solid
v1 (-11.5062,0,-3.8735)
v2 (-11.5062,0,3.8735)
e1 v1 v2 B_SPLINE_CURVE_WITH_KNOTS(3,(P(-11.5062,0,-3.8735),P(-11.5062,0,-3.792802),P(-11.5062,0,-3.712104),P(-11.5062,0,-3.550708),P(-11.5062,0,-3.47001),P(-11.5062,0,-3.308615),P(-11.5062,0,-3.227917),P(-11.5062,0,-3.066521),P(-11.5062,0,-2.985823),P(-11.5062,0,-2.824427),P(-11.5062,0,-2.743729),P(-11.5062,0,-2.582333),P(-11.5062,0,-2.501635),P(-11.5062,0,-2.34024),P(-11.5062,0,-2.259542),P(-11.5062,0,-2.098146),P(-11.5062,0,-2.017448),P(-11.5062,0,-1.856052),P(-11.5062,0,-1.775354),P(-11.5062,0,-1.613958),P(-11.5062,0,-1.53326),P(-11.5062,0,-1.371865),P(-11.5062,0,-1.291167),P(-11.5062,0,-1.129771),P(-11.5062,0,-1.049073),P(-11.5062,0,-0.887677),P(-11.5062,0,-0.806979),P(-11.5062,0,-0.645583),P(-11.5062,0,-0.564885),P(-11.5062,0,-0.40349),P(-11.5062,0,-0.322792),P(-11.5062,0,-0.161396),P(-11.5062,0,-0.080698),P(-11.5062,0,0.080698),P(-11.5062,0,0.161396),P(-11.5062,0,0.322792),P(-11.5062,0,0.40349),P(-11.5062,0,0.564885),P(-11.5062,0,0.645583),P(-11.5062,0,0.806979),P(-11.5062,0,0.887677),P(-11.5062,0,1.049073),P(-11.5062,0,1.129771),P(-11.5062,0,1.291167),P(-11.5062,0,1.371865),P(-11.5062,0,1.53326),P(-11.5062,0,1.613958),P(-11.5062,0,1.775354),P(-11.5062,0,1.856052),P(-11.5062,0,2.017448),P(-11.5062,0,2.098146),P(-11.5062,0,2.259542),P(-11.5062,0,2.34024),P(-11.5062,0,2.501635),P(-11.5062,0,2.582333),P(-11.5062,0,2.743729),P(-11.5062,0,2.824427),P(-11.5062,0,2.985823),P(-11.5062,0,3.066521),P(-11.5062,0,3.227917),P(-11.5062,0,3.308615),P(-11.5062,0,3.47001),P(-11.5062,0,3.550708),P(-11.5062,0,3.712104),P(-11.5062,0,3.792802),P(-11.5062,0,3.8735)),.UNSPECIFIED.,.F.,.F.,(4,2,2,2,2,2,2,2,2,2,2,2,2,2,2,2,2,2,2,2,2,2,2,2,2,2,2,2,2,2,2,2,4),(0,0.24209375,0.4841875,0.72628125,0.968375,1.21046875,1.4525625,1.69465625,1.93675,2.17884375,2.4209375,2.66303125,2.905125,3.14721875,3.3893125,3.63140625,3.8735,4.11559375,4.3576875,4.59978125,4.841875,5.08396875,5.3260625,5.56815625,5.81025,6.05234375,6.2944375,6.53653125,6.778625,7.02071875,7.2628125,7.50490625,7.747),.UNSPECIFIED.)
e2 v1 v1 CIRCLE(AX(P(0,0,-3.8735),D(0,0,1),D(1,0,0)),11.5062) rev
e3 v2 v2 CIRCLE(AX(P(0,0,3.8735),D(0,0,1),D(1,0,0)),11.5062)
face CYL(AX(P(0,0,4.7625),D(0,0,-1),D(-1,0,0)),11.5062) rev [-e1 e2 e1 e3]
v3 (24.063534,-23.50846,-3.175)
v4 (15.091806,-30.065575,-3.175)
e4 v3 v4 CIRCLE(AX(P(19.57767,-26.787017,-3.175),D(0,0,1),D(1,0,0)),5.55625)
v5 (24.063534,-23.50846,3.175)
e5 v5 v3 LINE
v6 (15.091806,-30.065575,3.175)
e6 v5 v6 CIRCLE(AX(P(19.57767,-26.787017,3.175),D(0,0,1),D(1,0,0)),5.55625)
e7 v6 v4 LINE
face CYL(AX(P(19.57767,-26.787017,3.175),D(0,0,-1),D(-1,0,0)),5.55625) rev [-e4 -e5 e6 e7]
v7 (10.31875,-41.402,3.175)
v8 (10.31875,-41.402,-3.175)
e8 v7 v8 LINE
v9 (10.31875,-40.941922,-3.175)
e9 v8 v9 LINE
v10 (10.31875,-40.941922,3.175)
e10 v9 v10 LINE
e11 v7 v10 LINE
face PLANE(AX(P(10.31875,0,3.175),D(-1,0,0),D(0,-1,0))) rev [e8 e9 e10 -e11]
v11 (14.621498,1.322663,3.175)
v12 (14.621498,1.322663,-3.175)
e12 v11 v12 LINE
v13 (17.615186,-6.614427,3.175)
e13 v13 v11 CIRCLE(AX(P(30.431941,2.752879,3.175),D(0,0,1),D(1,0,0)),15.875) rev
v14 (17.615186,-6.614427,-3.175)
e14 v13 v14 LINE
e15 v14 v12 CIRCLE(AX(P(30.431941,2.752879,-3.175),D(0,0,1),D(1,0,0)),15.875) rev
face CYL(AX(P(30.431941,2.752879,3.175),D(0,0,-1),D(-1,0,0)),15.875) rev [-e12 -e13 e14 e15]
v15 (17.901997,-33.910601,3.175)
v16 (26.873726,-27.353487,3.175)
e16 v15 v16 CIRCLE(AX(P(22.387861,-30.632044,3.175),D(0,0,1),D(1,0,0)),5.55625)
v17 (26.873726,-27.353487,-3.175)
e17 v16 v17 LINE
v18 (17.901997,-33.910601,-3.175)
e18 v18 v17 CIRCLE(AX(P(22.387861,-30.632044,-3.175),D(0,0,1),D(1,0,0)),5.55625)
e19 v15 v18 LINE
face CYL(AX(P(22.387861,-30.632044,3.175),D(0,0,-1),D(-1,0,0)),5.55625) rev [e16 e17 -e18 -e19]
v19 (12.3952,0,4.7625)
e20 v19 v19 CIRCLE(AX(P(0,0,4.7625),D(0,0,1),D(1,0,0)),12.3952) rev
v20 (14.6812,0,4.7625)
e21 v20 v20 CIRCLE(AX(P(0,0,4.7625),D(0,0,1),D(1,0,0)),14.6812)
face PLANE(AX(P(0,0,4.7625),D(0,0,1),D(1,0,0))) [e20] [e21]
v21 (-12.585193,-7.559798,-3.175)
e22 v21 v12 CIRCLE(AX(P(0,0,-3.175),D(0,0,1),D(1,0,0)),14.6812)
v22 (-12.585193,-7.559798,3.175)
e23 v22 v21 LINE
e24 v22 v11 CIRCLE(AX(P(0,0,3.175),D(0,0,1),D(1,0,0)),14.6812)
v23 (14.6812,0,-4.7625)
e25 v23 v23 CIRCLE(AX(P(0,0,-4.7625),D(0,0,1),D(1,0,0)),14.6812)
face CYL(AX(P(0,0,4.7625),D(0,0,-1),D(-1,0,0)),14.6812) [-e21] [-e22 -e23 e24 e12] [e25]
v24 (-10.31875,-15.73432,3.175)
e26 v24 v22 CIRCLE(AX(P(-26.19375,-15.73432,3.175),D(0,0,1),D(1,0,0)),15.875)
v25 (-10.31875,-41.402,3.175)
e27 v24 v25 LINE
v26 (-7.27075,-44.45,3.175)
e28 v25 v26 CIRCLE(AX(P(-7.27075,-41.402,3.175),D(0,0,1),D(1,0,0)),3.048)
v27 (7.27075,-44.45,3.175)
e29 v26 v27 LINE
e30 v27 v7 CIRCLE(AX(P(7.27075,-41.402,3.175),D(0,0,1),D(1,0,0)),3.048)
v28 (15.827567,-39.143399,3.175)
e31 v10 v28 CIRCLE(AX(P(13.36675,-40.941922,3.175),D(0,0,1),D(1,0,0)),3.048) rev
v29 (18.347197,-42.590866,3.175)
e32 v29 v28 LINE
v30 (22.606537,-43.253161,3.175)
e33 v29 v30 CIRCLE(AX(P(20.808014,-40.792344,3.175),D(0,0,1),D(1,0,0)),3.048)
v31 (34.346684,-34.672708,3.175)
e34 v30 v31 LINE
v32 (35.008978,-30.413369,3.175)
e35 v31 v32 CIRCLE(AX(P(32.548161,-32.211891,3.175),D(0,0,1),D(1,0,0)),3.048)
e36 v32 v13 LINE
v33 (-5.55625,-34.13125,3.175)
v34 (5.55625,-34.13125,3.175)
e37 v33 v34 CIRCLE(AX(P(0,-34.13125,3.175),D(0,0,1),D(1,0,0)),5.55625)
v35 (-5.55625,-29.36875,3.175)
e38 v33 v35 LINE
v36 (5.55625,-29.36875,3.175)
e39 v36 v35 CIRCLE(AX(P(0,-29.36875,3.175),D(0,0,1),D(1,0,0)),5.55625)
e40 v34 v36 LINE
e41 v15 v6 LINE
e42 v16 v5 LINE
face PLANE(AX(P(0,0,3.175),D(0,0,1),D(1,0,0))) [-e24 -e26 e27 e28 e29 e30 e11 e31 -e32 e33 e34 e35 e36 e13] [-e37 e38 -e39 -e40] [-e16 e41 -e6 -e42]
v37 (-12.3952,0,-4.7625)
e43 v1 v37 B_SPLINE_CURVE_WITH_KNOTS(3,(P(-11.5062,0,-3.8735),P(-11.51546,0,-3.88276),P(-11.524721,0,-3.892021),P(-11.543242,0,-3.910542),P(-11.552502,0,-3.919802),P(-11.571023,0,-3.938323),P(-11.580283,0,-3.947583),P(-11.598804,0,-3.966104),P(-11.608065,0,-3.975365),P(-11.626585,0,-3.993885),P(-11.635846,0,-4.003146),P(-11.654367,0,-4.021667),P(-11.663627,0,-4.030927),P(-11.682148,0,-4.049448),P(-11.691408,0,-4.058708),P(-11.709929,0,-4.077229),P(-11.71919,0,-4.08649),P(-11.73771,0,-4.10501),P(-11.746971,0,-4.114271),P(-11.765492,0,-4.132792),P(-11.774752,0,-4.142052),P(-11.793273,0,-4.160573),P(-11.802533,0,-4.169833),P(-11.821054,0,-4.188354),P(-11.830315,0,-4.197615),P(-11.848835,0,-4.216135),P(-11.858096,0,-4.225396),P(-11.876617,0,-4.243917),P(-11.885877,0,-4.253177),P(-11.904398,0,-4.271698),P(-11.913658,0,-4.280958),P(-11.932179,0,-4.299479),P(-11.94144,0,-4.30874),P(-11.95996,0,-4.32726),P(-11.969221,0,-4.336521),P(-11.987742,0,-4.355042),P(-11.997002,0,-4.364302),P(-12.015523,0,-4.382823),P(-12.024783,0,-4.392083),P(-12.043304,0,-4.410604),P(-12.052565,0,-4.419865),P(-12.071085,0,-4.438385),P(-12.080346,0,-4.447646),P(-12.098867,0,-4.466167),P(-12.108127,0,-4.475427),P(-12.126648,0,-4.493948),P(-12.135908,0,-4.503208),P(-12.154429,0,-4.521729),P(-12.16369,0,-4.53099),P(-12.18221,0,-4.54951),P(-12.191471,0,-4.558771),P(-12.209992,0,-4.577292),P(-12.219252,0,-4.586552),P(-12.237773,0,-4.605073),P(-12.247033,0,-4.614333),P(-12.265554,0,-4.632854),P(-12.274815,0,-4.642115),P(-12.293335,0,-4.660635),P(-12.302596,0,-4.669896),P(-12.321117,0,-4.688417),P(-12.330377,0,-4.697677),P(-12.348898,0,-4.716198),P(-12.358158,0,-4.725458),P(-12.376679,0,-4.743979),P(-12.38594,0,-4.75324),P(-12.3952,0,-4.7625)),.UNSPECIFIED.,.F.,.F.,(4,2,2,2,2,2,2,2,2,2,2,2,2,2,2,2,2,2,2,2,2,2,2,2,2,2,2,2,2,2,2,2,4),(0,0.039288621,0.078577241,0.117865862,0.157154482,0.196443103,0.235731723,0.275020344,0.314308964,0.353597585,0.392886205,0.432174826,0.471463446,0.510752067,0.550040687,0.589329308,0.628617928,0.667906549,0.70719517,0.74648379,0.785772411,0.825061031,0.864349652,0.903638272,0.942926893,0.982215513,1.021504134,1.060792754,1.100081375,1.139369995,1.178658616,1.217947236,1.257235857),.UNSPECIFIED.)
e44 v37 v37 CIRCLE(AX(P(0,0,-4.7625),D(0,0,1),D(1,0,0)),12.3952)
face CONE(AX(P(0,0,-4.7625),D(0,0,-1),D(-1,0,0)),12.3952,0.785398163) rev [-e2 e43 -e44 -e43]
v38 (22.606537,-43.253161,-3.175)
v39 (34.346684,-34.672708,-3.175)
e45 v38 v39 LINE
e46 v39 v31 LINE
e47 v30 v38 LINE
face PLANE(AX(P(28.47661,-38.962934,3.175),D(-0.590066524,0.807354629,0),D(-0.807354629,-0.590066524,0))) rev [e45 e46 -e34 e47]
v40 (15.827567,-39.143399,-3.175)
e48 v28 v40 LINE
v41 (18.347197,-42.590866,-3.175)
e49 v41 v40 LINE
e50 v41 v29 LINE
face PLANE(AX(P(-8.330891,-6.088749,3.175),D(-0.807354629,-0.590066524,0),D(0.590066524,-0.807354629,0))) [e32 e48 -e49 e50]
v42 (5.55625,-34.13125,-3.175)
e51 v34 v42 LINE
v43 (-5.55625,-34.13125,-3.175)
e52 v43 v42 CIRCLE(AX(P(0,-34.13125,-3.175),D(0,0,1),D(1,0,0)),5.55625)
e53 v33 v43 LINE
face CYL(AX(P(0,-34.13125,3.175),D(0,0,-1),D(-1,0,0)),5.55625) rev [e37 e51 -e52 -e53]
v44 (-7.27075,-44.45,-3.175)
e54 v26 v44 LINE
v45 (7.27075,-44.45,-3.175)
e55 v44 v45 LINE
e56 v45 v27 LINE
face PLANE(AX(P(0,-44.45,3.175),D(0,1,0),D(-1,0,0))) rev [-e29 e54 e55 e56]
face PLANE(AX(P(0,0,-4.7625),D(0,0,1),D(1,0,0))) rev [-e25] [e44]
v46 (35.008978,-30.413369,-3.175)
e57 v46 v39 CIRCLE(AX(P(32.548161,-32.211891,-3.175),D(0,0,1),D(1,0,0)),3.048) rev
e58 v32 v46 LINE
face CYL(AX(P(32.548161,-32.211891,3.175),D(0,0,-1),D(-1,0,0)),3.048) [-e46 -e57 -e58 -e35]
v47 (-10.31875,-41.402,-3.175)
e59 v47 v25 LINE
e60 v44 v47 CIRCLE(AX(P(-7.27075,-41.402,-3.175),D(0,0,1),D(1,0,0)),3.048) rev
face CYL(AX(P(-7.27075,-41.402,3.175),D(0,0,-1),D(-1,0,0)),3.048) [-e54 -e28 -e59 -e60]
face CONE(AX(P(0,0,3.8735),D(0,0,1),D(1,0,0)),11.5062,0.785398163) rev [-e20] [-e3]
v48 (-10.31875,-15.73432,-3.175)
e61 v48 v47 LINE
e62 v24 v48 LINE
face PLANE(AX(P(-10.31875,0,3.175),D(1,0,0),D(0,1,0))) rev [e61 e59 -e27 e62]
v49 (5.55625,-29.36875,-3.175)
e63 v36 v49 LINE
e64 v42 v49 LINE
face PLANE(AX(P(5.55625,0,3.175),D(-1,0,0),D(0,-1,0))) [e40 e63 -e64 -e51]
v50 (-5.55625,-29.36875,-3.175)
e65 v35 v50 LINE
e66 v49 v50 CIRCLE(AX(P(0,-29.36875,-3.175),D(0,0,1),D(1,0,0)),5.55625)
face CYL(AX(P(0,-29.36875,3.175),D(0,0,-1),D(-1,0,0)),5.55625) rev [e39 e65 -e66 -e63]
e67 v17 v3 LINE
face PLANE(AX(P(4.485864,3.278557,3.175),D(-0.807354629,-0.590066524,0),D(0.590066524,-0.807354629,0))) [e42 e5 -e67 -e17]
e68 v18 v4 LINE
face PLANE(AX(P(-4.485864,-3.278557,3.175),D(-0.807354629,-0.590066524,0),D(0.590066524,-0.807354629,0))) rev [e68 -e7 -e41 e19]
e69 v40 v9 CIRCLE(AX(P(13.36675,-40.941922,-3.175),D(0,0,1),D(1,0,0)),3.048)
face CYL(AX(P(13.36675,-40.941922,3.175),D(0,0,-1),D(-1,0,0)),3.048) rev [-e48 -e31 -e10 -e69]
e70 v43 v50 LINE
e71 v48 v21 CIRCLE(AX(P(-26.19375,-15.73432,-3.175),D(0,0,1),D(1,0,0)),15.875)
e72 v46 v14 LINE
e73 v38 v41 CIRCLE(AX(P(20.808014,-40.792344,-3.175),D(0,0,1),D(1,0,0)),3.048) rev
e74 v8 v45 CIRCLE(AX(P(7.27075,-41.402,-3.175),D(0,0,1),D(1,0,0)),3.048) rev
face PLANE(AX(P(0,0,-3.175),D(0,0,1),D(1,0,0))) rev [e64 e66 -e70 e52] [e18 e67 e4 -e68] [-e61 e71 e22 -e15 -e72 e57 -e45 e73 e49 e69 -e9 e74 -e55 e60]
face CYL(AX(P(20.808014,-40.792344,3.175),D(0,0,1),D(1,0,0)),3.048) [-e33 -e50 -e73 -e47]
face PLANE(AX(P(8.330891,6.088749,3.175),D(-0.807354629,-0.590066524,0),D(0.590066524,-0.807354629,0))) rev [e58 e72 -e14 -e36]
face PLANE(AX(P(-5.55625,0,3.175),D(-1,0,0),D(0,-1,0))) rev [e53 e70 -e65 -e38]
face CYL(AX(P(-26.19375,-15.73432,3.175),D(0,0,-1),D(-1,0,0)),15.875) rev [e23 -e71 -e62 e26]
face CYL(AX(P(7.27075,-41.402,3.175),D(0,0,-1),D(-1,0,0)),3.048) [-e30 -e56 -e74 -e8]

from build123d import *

# Parameters (mm, degrees)
SKETCH1_R           = 11.5062
BOSS_EXTRUDE2_DEPTH = 4.7625
BOSS_EXTRUDE3_DEPTH = 3.175
FILLET1_R           = 3.048
CHAMFER1_SIZE       = 0.889


with BuildPart() as part:
    # Sketch1 → Boss-Extrude2 (new, symmetric)
    with BuildSketch(Plane.XY):
        with BuildLine():
            ThreePointArc((14.621497696, 1.322663433), (-4.556441994, 13.956234084), (-12.585193267, -7.559797873))
            ThreePointArc((-12.585193267, -7.559797873), (4.556441994, -13.956234084), (14.621497696, 1.322663433))
        make_face()
        Circle(SKETCH1_R, mode=Mode.SUBTRACT)
    extrude(amount=BOSS_EXTRUDE2_DEPTH, both=True)

    # Sketch1<4> → Boss-Extrude3 (add, symmetric)
    with BuildSketch(Plane.XY):
        with BuildLine():
            ThreePointArc((-12.585193267, -7.559797873), (-10.89585042, -11.492870345), (-10.31875, -15.734319794))
            Line((-10.31875, -15.734319794), (-10.31875, -44.45))
            Line((-10.31875, -44.45), (10.31875, -44.45))
            Line((10.31875, -44.45), (10.31875, -31.605996662))
            Line((10.31875, -31.605996662), (20.145719857, -45.051683354))
            Line((20.145719857, -45.051683354), (36.80750102, -32.874185469))
            Line((36.80750102, -32.874185469), (17.615185966, -6.614426983))
            ThreePointArc((17.615185966, -6.614426983), (15.578373329, -2.849545496), (14.621497696, 1.322663433))
            ThreePointArc((14.621497696, 1.322663433), (4.556441994, -13.956234084), (-12.585193267, -7.559797873))
        make_face()
        with BuildLine():
            ThreePointArc((5.55625, -34.13125), (0, -39.6875), (-5.55625, -34.13125))
            Line((-5.55625, -34.13125), (-5.55625, -29.36875))
            ThreePointArc((-5.55625, -29.36875), (0, -23.8125), (5.55625, -29.36875))
            Line((5.55625, -29.36875), (5.55625, -34.13125))
        make_face(mode=Mode.SUBTRACT)
        with BuildLine():
            ThreePointArc((26.873725655, -27.353486707), (25.666418619, -35.117907989), (17.901997337, -33.910600953))
            Line((17.901997337, -33.910600953), (15.091805517, -30.065574531))
            ThreePointArc((15.091805517, -30.065574531), (16.299112553, -22.301153249), (24.063533835, -23.508460285))
            Line((24.063533835, -23.508460285), (26.873725655, -27.353486707))
        make_face(mode=Mode.SUBTRACT)
    extrude(amount=BOSS_EXTRUDE3_DEPTH, both=True)

    # Fillet1
    fillet1_edges = [part.edges().sort_by_distance(p)[0] for p in [
        (-10.31875, -44.45, 0),
        (36.80750102, -32.874185469, 0),
        (10.31875, -31.605996662, 0),
        (10.31875, -44.45, 0),
        (20.145719857, -45.051683354, 0),
    ]]
    fillet(fillet1_edges, radius=FILLET1_R)

    # Chamfer1
    chamfer1_edges = [part.edges().sort_by_distance(p)[0] for p in [
        (-11.5062, 0, -4.7625),
        (-11.5062, 0, 4.7625),
    ]]
    chamfer(chamfer1_edges, length=CHAMFER1_SIZE)


solid = part.part
